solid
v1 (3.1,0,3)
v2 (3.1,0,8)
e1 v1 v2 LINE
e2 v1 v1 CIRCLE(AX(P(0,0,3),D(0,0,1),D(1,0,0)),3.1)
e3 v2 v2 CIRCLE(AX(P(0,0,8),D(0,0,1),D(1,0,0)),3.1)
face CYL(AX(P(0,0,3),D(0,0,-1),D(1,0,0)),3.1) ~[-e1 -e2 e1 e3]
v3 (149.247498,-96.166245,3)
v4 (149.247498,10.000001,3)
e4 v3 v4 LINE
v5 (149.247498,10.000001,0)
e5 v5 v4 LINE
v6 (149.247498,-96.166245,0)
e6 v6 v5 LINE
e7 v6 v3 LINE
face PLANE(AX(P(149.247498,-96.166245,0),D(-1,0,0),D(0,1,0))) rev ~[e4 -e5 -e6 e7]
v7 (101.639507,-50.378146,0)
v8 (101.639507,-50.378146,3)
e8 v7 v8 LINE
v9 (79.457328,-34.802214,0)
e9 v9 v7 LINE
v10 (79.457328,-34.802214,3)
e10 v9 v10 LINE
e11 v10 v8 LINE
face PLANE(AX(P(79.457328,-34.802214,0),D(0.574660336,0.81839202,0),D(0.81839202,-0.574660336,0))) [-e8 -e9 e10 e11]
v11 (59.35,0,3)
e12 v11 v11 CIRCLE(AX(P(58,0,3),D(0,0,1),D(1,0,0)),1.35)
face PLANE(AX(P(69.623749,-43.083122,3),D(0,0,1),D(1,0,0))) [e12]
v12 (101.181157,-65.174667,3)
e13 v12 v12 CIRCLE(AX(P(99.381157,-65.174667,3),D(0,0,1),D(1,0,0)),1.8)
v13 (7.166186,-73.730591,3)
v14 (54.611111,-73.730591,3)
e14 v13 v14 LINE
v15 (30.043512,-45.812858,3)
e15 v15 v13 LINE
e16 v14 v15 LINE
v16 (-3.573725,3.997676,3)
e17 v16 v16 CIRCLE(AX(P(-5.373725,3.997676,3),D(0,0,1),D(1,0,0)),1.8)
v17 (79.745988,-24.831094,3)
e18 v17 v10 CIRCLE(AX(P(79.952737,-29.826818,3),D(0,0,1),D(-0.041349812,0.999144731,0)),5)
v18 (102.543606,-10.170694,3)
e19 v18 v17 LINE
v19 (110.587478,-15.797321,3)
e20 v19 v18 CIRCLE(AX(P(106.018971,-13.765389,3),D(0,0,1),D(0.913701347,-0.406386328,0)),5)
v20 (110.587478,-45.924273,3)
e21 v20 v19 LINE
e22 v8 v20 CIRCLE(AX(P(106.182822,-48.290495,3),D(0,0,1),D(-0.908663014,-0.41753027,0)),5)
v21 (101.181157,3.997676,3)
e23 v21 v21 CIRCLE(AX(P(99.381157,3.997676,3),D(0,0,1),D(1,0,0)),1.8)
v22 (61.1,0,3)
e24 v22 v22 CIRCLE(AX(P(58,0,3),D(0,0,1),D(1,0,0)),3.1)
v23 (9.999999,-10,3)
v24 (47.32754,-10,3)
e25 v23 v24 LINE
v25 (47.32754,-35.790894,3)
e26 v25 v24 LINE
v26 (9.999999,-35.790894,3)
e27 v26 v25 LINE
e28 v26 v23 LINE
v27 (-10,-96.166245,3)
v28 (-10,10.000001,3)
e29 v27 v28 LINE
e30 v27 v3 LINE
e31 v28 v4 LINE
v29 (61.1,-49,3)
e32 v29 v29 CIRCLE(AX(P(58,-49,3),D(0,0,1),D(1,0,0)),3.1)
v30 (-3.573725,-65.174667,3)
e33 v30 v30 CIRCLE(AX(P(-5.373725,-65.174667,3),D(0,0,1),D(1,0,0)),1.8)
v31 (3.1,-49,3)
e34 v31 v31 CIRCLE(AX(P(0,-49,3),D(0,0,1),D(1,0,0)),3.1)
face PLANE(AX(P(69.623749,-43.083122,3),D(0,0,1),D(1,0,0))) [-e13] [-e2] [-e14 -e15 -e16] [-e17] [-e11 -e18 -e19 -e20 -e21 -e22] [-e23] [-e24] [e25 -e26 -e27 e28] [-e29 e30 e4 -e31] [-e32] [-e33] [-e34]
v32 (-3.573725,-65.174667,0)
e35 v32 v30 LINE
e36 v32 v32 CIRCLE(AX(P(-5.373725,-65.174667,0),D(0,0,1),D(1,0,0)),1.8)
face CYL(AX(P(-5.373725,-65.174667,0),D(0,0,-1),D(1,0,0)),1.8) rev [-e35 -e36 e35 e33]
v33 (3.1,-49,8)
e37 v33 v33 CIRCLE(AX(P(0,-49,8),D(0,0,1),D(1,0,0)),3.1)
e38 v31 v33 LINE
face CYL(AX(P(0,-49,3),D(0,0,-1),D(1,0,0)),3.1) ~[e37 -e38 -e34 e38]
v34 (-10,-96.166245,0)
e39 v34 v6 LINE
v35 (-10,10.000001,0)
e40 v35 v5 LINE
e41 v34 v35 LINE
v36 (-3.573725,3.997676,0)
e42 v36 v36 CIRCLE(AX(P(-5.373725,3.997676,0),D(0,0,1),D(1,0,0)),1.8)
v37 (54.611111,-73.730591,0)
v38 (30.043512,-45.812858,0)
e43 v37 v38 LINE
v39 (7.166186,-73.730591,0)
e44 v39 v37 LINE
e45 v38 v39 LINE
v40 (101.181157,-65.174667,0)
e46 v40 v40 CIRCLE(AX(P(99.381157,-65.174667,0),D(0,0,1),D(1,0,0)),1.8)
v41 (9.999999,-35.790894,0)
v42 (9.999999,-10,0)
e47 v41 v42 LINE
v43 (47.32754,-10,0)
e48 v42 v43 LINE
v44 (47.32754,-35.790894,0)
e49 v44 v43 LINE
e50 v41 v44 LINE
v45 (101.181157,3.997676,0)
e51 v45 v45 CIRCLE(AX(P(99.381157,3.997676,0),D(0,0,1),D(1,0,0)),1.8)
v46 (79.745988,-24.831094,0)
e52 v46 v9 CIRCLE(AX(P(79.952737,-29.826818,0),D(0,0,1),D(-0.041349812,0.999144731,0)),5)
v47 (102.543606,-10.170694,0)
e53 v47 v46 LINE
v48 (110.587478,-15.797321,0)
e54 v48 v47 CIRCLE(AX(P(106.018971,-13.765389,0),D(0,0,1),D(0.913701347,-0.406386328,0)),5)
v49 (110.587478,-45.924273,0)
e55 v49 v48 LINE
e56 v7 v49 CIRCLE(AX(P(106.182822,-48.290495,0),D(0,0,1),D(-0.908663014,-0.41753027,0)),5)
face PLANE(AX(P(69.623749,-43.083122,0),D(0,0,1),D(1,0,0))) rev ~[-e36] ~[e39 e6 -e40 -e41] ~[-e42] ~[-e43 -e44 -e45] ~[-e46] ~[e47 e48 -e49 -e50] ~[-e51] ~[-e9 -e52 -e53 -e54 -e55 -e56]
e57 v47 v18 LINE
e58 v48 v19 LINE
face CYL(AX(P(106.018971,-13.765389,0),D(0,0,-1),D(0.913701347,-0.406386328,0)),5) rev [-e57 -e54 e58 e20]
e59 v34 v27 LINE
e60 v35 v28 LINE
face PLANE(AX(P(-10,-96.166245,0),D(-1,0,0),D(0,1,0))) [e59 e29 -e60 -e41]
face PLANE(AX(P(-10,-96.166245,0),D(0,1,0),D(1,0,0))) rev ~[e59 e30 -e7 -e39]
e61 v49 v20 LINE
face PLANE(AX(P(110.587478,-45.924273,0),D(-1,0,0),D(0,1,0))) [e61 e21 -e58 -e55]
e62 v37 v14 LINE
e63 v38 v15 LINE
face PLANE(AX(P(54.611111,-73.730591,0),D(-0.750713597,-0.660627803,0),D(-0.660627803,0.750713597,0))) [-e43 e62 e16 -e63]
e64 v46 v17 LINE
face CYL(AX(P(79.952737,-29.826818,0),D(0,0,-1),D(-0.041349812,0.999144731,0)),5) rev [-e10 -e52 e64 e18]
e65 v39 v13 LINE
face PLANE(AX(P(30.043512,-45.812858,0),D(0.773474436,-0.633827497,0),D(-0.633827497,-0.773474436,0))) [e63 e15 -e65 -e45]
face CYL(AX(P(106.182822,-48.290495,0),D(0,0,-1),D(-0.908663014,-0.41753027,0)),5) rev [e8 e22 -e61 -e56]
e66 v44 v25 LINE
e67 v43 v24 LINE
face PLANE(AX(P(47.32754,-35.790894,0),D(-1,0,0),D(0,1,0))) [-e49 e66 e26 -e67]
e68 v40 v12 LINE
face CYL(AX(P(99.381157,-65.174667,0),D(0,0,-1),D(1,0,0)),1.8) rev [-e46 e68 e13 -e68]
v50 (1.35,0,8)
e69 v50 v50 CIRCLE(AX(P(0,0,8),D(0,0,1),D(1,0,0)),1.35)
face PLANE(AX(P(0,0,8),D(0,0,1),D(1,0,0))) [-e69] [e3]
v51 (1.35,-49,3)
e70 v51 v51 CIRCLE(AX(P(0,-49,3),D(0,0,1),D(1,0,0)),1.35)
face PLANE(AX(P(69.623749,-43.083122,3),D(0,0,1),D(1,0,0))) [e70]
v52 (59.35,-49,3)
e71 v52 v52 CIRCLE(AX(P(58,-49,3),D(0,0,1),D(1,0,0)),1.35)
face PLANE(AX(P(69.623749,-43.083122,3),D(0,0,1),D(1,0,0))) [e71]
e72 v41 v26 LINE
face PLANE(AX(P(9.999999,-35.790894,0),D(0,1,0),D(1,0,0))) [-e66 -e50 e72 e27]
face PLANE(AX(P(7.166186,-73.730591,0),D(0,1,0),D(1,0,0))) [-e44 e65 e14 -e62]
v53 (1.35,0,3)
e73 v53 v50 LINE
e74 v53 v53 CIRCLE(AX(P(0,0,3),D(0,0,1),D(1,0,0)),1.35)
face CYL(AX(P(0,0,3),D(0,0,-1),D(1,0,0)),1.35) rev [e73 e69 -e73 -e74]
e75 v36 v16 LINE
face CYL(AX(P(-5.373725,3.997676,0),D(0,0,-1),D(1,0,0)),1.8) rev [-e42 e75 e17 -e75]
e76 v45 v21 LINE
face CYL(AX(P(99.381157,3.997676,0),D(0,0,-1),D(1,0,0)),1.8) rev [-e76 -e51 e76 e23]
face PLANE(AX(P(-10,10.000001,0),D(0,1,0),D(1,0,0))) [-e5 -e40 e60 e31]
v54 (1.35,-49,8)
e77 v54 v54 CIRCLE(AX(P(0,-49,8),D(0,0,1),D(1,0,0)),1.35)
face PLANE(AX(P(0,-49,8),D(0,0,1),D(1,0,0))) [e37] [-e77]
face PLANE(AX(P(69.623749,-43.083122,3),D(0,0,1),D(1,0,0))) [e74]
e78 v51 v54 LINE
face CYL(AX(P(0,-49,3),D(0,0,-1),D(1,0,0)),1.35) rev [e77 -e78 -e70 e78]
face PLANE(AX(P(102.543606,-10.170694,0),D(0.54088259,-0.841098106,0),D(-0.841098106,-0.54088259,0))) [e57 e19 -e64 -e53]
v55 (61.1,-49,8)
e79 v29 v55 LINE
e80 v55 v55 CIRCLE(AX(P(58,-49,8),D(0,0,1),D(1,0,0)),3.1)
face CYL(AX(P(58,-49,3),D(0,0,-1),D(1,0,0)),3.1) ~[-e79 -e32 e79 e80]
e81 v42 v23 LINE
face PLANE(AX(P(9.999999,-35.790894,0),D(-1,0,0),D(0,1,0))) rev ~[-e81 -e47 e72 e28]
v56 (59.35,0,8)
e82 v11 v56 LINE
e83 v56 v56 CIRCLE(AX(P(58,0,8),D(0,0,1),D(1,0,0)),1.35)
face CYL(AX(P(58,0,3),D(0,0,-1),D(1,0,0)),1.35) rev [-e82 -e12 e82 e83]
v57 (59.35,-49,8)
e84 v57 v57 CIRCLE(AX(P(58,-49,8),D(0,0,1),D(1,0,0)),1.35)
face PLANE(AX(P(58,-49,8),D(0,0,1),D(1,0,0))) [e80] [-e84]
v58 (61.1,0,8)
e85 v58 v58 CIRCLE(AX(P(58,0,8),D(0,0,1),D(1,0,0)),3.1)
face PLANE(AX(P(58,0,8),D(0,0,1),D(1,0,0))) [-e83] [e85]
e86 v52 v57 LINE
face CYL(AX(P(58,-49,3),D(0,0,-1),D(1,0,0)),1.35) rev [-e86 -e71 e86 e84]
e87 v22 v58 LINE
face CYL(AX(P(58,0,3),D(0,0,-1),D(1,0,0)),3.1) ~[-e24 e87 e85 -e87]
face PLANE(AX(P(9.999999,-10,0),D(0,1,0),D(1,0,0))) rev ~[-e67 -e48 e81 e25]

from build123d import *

# Parameters (mm, degrees)
SKETCH001_W   = 159.247498
SKETCH001_H   = 106.166245
SKETCH001_R   = 1.8
SKETCH001_W_2 = 37.327541
SKETCH001_H_2 = 25.790894
PAD_DEPTH     = 3
SKETCH_R      = 3.1
SKETCH_R_2    = 1.35
PAD004_DEPTH  = 5


with BuildPart() as part:
    # Sketch001 → Pad (new body)
    with BuildSketch(Plane.XY):
        with Locations((69.623749, -43.083122)):
            Rectangle(SKETCH001_W, SKETCH001_H)
        with Locations((-5.373725, 3.997676)):
            Circle(SKETCH001_R, mode=Mode.SUBTRACT)
        with Locations((99.381157, 3.997676)):
            Circle(SKETCH001_R, mode=Mode.SUBTRACT)
        with Locations((-5.373725, -65.174667)):
            Circle(SKETCH001_R, mode=Mode.SUBTRACT)
        with Locations((99.381157, -65.174667)):
            Circle(SKETCH001_R, mode=Mode.SUBTRACT)
        with Locations((28.66377, -22.895447)):
            Rectangle(SKETCH001_W_2, SKETCH001_H_2, mode=Mode.SUBTRACT)
        with BuildLine():
            Line((102.543606, -10.170694), (79.745988, -24.831094))
            ThreePointArc((79.745988, -24.831094), (74.954831, -29.68213), (79.457328, -34.802214))
            Line((79.457328, -34.802214), (101.639507, -50.378146))
            ThreePointArc((101.639507, -50.378146), (108.410837, -52.766648), (110.587478, -45.924273))
            Line((110.587478, -45.924273), (110.587478, -15.797321))
            ThreePointArc((110.587478, -15.797321), (108.884887, -9.668253), (102.543606, -10.170694))
        make_face(mode=Mode.SUBTRACT)
        Polygon((30.043512, -45.812858), (7.166186, -73.730591), (54.611111, -73.730591), align=None, mode=Mode.SUBTRACT)
    extrude(amount=PAD_DEPTH)

    # Sketch (on Face23 of Pad) → Pad004 (join)
    with BuildSketch(Plane.XY.offset(3)):
        Circle(SKETCH_R)
        Circle(SKETCH_R_2, mode=Mode.SUBTRACT)
        with Locations((58, 0)):
            Circle(SKETCH_R)
        with Locations((58, 0)):
            Circle(SKETCH_R_2, mode=Mode.SUBTRACT)
        with Locations((0, -49)):
            Circle(SKETCH_R)
        with Locations((0, -49)):
            Circle(SKETCH_R_2, mode=Mode.SUBTRACT)
        with Locations((58, -49)):
            Circle(SKETCH_R)
        with Locations((58, -49)):
            Circle(SKETCH_R_2, mode=Mode.SUBTRACT)
    extrude(amount=PAD004_DEPTH)


solid = part.part
